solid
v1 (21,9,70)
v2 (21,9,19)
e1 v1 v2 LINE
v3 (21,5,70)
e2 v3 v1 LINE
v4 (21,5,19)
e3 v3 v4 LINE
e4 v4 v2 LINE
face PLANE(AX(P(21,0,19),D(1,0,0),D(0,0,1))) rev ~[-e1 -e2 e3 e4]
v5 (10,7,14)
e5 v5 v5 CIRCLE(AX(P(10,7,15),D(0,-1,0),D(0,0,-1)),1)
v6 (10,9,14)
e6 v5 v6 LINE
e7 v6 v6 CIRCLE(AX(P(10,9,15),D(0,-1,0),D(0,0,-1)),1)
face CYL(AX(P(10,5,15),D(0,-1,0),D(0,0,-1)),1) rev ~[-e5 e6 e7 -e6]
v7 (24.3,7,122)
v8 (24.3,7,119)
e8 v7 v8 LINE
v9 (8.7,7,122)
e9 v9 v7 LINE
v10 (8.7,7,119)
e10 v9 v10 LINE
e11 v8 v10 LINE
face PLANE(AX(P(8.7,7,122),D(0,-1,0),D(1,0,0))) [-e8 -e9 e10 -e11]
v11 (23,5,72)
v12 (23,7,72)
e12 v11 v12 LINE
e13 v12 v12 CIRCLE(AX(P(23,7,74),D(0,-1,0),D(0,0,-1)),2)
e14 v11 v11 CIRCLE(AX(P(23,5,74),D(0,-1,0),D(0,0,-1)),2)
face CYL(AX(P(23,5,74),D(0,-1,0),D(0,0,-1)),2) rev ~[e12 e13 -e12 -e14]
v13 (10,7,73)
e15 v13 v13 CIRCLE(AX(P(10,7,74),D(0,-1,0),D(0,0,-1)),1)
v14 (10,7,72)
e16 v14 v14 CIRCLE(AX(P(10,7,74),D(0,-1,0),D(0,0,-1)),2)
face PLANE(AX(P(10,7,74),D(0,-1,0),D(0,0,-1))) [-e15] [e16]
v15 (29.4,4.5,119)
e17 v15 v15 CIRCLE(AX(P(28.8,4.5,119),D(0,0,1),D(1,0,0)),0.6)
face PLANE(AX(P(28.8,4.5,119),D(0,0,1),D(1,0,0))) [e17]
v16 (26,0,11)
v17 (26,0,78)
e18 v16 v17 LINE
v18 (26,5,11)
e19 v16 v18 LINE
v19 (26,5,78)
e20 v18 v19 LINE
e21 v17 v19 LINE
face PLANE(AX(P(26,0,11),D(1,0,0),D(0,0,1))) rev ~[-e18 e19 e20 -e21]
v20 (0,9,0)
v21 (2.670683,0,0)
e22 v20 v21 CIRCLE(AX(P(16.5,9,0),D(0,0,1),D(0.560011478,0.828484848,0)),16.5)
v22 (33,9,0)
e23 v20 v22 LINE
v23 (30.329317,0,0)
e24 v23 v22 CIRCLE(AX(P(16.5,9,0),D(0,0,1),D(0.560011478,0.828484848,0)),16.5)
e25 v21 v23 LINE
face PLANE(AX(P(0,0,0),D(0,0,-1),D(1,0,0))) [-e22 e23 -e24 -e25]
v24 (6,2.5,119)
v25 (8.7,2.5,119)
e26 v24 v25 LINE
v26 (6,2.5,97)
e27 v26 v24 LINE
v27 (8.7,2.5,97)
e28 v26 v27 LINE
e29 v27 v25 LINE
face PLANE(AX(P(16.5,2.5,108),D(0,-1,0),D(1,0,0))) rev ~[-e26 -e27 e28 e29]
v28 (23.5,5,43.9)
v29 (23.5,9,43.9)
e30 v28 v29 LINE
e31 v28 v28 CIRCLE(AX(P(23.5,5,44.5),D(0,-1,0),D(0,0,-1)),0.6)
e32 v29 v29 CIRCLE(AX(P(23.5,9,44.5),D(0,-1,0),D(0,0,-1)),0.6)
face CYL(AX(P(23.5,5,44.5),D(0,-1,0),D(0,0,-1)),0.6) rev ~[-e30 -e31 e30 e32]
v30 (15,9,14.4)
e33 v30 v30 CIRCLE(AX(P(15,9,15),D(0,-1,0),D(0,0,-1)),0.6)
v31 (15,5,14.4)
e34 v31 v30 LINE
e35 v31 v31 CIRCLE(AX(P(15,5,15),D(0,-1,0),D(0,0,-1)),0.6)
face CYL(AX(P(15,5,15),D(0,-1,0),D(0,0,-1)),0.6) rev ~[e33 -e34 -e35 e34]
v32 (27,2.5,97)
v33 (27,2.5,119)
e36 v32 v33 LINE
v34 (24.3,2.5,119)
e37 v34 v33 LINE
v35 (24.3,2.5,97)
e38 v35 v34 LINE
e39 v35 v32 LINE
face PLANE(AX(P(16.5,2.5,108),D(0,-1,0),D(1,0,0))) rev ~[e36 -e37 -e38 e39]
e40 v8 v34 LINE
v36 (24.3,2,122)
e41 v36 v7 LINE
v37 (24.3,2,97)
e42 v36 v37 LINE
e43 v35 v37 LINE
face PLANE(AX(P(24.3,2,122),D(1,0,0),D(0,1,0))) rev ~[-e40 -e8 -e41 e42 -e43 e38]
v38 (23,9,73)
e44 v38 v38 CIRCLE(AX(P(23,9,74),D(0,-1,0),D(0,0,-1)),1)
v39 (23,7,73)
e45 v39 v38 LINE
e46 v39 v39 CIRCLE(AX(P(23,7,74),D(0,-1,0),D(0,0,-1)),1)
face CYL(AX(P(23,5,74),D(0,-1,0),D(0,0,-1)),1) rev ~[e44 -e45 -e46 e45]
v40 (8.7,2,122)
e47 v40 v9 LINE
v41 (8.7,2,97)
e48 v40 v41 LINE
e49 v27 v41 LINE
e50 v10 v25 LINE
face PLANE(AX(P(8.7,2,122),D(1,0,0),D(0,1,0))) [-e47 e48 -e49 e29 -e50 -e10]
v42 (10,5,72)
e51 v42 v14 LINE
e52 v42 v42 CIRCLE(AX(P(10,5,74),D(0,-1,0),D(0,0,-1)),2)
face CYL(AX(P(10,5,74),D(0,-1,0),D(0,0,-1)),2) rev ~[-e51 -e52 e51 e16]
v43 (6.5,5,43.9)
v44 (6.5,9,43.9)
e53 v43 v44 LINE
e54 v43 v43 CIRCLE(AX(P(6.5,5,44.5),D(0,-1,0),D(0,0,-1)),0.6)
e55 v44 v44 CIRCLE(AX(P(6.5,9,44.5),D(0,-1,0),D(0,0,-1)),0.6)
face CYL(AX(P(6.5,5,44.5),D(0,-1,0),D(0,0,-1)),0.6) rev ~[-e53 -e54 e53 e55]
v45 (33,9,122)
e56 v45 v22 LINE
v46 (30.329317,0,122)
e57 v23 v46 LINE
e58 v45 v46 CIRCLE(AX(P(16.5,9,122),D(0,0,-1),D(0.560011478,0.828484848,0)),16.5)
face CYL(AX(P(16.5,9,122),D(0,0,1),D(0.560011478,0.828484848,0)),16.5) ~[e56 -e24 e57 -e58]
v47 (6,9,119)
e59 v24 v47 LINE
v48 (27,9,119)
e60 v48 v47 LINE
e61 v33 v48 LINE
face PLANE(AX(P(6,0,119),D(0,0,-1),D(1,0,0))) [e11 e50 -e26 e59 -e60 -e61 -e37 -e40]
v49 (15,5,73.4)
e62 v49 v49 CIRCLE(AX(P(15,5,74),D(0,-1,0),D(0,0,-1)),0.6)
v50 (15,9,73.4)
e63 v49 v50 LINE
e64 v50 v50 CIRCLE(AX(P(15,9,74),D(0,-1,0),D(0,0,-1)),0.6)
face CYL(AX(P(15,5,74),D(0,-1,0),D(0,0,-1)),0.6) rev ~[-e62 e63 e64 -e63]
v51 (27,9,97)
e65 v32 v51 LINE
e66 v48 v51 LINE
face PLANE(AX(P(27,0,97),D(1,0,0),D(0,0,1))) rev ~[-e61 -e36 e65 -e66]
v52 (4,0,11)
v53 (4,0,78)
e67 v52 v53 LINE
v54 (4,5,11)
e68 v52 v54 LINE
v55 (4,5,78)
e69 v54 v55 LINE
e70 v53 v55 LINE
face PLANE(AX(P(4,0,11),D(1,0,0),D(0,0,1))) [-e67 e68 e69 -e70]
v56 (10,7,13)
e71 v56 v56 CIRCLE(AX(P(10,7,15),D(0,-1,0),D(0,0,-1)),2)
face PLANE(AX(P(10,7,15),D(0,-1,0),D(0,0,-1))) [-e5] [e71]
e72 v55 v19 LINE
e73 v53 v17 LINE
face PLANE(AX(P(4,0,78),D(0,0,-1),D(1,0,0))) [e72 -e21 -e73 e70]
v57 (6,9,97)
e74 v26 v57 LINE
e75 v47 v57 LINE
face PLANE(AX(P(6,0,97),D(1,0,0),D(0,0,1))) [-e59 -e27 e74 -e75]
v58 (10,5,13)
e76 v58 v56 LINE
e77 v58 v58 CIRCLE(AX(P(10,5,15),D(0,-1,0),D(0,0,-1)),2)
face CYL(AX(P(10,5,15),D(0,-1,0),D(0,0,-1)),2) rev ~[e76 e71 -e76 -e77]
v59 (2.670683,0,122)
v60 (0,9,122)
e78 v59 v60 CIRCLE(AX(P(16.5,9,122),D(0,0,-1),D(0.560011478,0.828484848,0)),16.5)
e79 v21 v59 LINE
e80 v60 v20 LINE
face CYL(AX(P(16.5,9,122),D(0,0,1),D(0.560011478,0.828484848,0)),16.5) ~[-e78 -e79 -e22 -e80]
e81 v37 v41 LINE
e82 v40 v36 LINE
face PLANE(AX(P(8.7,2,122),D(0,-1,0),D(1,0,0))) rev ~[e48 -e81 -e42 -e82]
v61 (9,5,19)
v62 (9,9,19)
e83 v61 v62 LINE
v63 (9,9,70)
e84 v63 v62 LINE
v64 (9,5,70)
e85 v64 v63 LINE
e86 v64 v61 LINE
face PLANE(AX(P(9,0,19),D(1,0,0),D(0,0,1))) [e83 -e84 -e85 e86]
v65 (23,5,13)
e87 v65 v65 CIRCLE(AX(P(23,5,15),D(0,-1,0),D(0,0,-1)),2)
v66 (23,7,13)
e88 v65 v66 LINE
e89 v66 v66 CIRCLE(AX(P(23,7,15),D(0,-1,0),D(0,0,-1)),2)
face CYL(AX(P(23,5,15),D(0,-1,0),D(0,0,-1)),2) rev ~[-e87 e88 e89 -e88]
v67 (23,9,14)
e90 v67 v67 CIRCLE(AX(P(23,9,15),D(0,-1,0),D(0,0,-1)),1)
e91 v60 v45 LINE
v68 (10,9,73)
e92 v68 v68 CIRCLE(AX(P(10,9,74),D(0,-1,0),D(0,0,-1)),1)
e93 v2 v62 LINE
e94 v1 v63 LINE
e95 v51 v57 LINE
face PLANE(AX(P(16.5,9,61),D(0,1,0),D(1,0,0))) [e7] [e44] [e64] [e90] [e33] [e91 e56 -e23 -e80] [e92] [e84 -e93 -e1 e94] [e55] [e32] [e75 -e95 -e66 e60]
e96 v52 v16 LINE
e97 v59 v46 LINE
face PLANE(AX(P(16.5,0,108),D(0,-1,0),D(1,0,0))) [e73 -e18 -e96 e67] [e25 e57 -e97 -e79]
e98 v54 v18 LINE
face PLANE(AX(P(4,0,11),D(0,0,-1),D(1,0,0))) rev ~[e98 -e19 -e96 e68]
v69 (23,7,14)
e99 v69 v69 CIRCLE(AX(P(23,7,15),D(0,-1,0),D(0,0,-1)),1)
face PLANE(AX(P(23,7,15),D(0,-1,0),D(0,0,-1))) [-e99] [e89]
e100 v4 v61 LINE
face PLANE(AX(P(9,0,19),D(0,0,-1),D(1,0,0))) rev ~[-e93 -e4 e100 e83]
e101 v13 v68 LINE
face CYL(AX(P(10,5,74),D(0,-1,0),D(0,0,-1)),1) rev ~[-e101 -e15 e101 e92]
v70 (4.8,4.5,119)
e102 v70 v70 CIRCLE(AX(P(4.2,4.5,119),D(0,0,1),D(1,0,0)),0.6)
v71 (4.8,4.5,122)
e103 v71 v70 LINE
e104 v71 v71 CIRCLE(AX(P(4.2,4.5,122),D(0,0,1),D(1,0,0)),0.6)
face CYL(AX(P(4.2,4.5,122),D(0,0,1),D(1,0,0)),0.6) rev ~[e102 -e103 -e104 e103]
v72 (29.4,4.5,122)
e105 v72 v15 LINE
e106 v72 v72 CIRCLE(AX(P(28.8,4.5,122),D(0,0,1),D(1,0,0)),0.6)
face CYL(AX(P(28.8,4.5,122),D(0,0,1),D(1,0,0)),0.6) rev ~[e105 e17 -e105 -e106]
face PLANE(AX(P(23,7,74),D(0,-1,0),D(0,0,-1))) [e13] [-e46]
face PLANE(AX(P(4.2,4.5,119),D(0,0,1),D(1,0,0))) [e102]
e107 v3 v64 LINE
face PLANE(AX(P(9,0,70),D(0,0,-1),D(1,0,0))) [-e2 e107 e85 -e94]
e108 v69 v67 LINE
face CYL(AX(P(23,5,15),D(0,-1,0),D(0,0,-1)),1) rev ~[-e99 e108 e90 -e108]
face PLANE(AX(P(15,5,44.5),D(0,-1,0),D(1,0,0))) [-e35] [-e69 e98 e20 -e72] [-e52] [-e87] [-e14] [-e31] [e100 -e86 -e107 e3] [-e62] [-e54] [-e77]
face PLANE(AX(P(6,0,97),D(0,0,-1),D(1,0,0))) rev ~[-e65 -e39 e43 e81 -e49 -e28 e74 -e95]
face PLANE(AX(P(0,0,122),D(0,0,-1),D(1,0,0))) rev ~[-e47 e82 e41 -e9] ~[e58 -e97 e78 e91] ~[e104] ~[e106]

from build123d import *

# Parameters (mm, degrees)
SKETCH_1_W          = 33
SKETCH_1_H          = 122
EXTRUDE_1_DEPTH     = 9
SKETCH_2_W          = 12
SKETCH_2_H          = 51
SKETCH_2_W_2        = 21
SKETCH_2_H_2        = 22
CUT_EXTRUDE_1_DEPTH = 127.70438035
SKETCH_2_2_W        = 21
SKETCH_2_2_H        = 22
EXTRUDE_2_DEPTH     = 2.5
SKETCH_3_W          = 22
SKETCH_3_H          = 67
CUT_EXTRUDE_2_DEPTH = 5
SKETCH_4_R          = 1
CUT_EXTRUDE_3_DEPTH = 127.483200466
SKETCH_4_3_R        = 2
CUT_EXTRUDE_4_DEPTH = 2
SKETCH_5_R          = 0.6
CUT_EXTRUDE_5_DEPTH = 127.483200466
SKETCH_6_OUTSIDE_W  = 60.34
SKETCH_6_OUTSIDE_H  = 36.34
SKETCH_6_OUTSIDE_R  = 16.5
CUT_EXTRUDE_6_DEPTH = 127.70438035
CUT_EXTRUDE_7_REACH = 128.704
SKETCH_7_W          = 15.6
SKETCH_7_H          = 5
SKETCH_7_3_R        = 0.6
CUT_EXTRUDE_8_DEPTH = 3


with BuildPart() as part:
    # 草图1 → 凸台-拉伸1 (new body)
    with BuildSketch(Plane(origin=(0, 0, 0), x_dir=(1, 0, 0), z_dir=(0, 1, 0))):
        with Locations((16.5, -61)):
            Rectangle(SKETCH_1_W, SKETCH_1_H)
    extrude(amount=EXTRUDE_1_DEPTH)

    # 草图2 → 切除-拉伸1 (cut, through all)
    with BuildSketch(Plane.XZ):
        with Locations((15, 44.5)):
            Rectangle(SKETCH_2_W, SKETCH_2_H)
        with Locations((16.5, 108)):
            Rectangle(SKETCH_2_W_2, SKETCH_2_H_2)
    extrude(amount=-CUT_EXTRUDE_1_DEPTH, mode=Mode.SUBTRACT)

    # 草图2<2> → 凸台-拉伸2 (add)
    with BuildSketch(Plane.XZ):
        with Locations((16.5, 108)):
            Rectangle(SKETCH_2_2_W, SKETCH_2_2_H)
    extrude(amount=-EXTRUDE_2_DEPTH)

    # 草图3 → 切除-拉伸2 (cut)
    with BuildSketch(Plane.XZ):
        with Locations((15, 44.5)):
            Rectangle(SKETCH_3_W, SKETCH_3_H)
    extrude(amount=-CUT_EXTRUDE_2_DEPTH, mode=Mode.SUBTRACT)

    # 草图4 → 切除-拉伸3 (cut, through all)
    with BuildSketch(Plane.XZ.offset(-5)):
        with Locations(Location((23, 74, 0), (0, 0, 270))):
            Circle(SKETCH_4_R)
        with Locations(Location((10, 74, 0), (0, 0, 270))):
            Circle(SKETCH_4_R)
        with Locations(Location((23, 15, 0), (0, 0, 270))):
            Circle(SKETCH_4_R)
        with Locations(Location((10, 15, 0), (0, 0, 270))):
            Circle(SKETCH_4_R)
    extrude(amount=-CUT_EXTRUDE_3_DEPTH, mode=Mode.SUBTRACT)

    # 草图4<3> → 切除-拉伸4 (cut)
    with BuildSketch(Plane.XZ.offset(-5)):
        with Locations(Location((10, 74, 0), (0, 0, 270))):
            Circle(SKETCH_4_3_R)
        with Locations(Location((23, 74, 0), (0, 0, 270))):
            Circle(SKETCH_4_3_R)
        with Locations(Location((23, 15, 0), (0, 0, 270))):
            Circle(SKETCH_4_3_R)
        with Locations(Location((10, 15, 0), (0, 0, 270))):
            Circle(SKETCH_4_3_R)
    extrude(amount=-CUT_EXTRUDE_4_DEPTH, mode=Mode.SUBTRACT)

    # 草图5 → 切除-拉伸5 (cut, through all)
    with BuildSketch(Plane.XZ.offset(-5)):
        with Locations(Location((15, 74, 0), (0, 0, 270))):
            Circle(SKETCH_5_R)
        with Locations(Location((6.5, 44.5, 0), (0, 0, 270))):
            Circle(SKETCH_5_R)
        with Locations(Location((23.5, 44.5, 0), (0, 0, 270))):
            Circle(SKETCH_5_R)
        with Locations(Location((15, 15, 0), (0, 0, 270))):
            Circle(SKETCH_5_R)
    extrude(amount=-CUT_EXTRUDE_5_DEPTH, mode=Mode.SUBTRACT)

    # 草图6 outside → 切除-拉伸6 (cut, through all)
    with BuildSketch(Plane.XY.offset(122)):
        with Locations((16.5, 4.5)):
            Rectangle(SKETCH_6_OUTSIDE_W, SKETCH_6_OUTSIDE_H)
        with Locations((16.5, 9)):
            Circle(SKETCH_6_OUTSIDE_R, mode=Mode.SUBTRACT)
    extrude(amount=-CUT_EXTRUDE_6_DEPTH, mode=Mode.SUBTRACT)

    # 切除-拉伸7: up to this face of the body (flat: up to its plane)
    cut_extrude_7_end = Plane(part.part.faces().sort_by_distance((16.5, 5.75, 97))[0])
    # 草图7 → 切除-拉伸7 (cut, up to the picked face)
    with BuildSketch(Plane.XY.offset(122), mode=Mode.PRIVATE) as cut_extrude_7_sk1:
        with Locations((16.5, 4.5)):
            Rectangle(SKETCH_7_W, SKETCH_7_H)
    cut_extrude_7_tool1 = split(extrude(cut_extrude_7_sk1.sketch, amount=-CUT_EXTRUDE_7_REACH, mode=Mode.PRIVATE), bisect_by=cut_extrude_7_end, keep=Keep.BOTH, mode=Mode.PRIVATE)
    add(cut_extrude_7_tool1.solids().sort_by(Axis((16.5, 4.5, 122), (0, 0, -1)))[0], mode=Mode.SUBTRACT)

    # 草图7<3> → 切除-拉伸8 (cut)
    with BuildSketch(Plane.XY.offset(122)):
        with Locations((4.2, 4.5)):
            Circle(SKETCH_7_3_R)
        with Locations((28.8, 4.5)):
            Circle(SKETCH_7_3_R)
    extrude(amount=-CUT_EXTRUDE_8_DEPTH, mode=Mode.SUBTRACT)


solid = part.part
